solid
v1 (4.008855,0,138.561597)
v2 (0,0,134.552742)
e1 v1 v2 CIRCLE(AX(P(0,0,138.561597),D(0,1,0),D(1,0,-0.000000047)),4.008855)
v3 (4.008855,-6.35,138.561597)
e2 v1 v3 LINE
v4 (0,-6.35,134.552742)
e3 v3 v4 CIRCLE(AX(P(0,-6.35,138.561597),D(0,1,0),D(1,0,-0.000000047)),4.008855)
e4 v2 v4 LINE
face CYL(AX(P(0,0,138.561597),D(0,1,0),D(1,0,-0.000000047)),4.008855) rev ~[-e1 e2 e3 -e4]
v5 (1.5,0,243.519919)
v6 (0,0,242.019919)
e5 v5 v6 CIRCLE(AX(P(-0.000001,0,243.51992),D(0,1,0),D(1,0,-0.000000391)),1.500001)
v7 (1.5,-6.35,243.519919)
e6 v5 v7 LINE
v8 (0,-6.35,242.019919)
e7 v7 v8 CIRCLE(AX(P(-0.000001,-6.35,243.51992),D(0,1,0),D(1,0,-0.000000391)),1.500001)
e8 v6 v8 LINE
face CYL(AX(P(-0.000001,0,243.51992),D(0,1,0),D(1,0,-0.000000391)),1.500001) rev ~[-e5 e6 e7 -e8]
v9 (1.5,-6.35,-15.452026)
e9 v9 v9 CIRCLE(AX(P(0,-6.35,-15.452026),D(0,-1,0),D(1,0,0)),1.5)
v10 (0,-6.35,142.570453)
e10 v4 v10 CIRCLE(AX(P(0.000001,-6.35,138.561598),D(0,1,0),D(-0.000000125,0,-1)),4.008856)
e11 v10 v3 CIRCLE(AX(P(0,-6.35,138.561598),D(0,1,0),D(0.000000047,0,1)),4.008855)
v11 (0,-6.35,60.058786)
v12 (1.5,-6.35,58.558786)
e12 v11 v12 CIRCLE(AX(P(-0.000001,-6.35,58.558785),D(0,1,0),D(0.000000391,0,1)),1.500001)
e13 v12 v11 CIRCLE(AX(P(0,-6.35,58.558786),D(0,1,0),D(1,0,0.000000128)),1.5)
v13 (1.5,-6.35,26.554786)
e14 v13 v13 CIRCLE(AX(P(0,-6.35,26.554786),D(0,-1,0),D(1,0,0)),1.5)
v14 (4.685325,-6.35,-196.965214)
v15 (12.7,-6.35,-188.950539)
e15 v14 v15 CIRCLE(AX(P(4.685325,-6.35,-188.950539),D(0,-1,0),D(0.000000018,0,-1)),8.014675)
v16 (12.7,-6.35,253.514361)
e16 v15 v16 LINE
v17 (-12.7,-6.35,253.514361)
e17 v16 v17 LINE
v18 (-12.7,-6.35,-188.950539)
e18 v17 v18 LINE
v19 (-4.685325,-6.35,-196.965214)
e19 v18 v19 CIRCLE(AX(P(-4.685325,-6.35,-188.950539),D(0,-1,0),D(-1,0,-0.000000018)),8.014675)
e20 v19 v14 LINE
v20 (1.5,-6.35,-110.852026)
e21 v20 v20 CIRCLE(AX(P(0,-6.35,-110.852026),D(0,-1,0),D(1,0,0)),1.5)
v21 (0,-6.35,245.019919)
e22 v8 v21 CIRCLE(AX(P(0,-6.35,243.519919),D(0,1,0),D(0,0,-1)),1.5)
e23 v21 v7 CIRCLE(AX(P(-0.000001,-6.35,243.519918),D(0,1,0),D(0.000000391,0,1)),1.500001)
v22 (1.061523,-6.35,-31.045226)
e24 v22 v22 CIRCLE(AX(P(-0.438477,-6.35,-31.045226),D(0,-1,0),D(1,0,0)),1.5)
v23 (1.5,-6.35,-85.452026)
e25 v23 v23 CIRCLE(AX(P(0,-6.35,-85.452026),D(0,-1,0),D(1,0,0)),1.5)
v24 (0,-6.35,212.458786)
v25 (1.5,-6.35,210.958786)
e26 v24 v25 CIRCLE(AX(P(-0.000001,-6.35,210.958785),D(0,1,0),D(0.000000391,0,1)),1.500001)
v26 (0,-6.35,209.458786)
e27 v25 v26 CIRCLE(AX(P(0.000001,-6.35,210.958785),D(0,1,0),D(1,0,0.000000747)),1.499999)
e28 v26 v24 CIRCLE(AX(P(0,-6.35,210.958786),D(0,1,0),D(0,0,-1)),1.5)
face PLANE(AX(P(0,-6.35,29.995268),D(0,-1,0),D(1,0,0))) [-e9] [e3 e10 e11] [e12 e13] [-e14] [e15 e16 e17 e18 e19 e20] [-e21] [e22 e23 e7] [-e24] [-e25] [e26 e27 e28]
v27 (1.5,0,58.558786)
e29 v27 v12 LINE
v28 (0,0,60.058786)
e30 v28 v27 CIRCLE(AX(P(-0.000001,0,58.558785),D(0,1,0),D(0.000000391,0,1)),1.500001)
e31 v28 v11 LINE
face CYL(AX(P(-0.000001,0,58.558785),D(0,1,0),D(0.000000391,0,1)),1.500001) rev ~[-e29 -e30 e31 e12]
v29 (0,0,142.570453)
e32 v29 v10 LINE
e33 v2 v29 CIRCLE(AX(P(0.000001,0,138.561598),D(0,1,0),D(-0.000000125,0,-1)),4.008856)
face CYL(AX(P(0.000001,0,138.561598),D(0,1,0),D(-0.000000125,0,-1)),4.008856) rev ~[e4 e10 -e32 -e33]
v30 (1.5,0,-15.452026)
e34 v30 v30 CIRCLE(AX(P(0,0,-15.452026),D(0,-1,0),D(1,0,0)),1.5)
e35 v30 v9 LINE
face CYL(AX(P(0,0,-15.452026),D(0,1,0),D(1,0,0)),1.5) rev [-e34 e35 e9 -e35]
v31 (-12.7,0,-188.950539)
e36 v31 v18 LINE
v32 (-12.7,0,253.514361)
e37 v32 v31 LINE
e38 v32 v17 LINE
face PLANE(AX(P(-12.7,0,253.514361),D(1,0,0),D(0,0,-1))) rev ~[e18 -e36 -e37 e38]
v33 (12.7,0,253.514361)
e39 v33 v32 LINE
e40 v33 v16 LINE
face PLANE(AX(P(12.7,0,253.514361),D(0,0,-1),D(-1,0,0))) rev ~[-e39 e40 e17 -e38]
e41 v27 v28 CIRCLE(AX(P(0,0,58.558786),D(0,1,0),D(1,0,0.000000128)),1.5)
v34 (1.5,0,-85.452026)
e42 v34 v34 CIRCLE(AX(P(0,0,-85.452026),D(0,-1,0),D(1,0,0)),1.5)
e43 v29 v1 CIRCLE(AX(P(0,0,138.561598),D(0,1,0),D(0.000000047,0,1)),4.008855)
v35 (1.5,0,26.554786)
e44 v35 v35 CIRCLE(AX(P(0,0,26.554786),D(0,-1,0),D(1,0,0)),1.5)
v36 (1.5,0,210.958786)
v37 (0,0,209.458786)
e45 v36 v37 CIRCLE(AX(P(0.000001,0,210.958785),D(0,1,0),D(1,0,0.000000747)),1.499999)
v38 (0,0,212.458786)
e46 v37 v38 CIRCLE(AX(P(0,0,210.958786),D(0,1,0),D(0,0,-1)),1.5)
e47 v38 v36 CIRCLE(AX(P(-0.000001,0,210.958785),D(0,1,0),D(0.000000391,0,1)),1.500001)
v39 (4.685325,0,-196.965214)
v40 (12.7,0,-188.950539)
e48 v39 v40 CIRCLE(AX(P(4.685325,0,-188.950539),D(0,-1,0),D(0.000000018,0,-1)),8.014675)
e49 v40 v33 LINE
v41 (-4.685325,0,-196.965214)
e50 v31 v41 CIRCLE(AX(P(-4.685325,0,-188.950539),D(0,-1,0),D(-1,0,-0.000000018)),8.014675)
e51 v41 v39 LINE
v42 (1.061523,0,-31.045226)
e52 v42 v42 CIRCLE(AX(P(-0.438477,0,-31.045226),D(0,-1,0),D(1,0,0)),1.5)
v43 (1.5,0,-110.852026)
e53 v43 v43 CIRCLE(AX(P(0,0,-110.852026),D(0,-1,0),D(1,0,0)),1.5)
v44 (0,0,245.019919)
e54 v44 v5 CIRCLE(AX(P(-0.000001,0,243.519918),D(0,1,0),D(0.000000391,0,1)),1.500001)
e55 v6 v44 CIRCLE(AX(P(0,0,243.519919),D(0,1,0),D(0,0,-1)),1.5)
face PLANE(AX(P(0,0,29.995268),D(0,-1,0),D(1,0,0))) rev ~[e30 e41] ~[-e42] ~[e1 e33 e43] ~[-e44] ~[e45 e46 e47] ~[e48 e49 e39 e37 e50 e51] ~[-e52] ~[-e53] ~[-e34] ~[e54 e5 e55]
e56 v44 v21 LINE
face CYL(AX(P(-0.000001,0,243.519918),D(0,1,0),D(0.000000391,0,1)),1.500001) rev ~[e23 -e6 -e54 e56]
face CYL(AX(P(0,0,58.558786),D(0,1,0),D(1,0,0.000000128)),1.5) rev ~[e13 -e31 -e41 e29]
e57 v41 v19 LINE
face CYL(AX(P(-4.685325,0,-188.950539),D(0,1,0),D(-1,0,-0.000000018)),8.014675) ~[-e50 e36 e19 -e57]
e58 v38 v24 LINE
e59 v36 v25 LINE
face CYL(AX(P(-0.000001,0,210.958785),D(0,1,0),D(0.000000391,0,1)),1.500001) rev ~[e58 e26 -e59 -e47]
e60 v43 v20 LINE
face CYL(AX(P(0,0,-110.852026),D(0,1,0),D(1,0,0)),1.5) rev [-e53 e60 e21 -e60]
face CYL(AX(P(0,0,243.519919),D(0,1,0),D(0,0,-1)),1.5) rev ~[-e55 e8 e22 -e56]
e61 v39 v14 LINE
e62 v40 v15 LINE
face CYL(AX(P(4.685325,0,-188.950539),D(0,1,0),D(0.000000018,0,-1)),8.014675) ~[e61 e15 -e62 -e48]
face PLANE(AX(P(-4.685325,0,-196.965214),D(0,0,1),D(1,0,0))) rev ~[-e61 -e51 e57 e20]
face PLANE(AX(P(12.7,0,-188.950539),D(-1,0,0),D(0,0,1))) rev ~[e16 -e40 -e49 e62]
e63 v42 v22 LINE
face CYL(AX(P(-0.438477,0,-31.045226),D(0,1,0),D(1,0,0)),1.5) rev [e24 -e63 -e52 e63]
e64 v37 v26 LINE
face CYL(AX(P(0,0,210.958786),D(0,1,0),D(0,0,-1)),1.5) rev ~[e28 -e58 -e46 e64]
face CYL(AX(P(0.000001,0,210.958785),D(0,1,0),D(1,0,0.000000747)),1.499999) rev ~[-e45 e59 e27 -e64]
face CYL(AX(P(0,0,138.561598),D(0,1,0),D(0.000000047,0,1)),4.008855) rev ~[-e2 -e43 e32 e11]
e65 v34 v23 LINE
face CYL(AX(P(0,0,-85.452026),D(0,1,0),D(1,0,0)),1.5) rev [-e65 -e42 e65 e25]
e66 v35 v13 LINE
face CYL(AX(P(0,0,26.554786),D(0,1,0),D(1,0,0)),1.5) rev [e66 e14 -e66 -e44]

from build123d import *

# Parameters (mm, degrees)
F0_R     = 1.5
F1_DEPTH = 6.35


with BuildPart() as f1:
    # F0 (on Front) → F1 (new body)
    with BuildSketch(Plane.XZ):
        with BuildLine():
            ThreePointArc((-12.7, -188.950539), (-10.352556, -194.61777), (-4.685325, -196.965214))
            Line((-4.685325, -196.965214), (4.685325, -196.965214))
            ThreePointArc((4.685325, -196.965214), (10.352556, -194.61777), (12.7, -188.950539))
            Line((12.7, -188.950539), (12.7, 251.207151))
            Line((12.7, 251.207151), (12.7, 253.514361))
            Line((12.7, 253.514361), (7.49769, 253.514361))
            Line((7.49769, 253.514361), (6.539542, 253.514361))
            Line((6.539542, 253.514361), (0, 253.514361))
            Line((0, 253.514361), (-7.49769, 253.514361))
            Line((-7.49769, 253.514361), (-12.7, 253.514361))
            Line((-12.7, 253.514361), (-12.7, 249.866838))
            Line((-12.7, 249.866838), (-12.7, -188.950539))
        make_face()
        with Locations((-0.438477, -31.045226)):
            Circle(F0_R, mode=Mode.SUBTRACT)
        with Locations((0, -110.852026)):
            Circle(F0_R, mode=Mode.SUBTRACT)
        with Locations((0, -85.452026)):
            Circle(F0_R, mode=Mode.SUBTRACT)
        with Locations((0, -15.452026)):
            Circle(F0_R, mode=Mode.SUBTRACT)
        with Locations((0, 26.554786)):
            Circle(F0_R, mode=Mode.SUBTRACT)
        with BuildLine():
            ThreePointArc((1.5, 58.558786), (-1.06066, 57.498125), (0, 60.058786))
            ThreePointArc((0, 60.058786), (1.06066, 59.619446), (1.5, 58.558786))
        make_face(mode=Mode.SUBTRACT)
        with BuildLine():
            ThreePointArc((0, 134.552742), (-4.008855, 138.561597), (0, 142.570453))
            ThreePointArc((0, 142.570453), (2.834689, 141.396286), (4.008855, 138.561597))
            ThreePointArc((4.008855, 138.561597), (2.834689, 135.726909), (0, 134.552742))
        make_face(mode=Mode.SUBTRACT)
        with BuildLine():
            ThreePointArc((0, 209.458786), (-1.5, 210.958786), (0, 212.458786))
            ThreePointArc((0, 212.458786), (1.06066, 212.019446), (1.5, 210.958786))
            ThreePointArc((1.5, 210.958786), (1.06066, 209.898125), (0, 209.458786))
        make_face(mode=Mode.SUBTRACT)
        with BuildLine():
            ThreePointArc((0, 242.019919), (-1.5, 243.519919), (0, 245.019919))
            ThreePointArc((0, 245.019919), (1.06066, 244.580579), (1.5, 243.519919))
            ThreePointArc((1.5, 243.519919), (1.06066, 242.459259), (0, 242.019919))
        make_face(mode=Mode.SUBTRACT)
    extrude(amount=F1_DEPTH)


solid = f1.part
